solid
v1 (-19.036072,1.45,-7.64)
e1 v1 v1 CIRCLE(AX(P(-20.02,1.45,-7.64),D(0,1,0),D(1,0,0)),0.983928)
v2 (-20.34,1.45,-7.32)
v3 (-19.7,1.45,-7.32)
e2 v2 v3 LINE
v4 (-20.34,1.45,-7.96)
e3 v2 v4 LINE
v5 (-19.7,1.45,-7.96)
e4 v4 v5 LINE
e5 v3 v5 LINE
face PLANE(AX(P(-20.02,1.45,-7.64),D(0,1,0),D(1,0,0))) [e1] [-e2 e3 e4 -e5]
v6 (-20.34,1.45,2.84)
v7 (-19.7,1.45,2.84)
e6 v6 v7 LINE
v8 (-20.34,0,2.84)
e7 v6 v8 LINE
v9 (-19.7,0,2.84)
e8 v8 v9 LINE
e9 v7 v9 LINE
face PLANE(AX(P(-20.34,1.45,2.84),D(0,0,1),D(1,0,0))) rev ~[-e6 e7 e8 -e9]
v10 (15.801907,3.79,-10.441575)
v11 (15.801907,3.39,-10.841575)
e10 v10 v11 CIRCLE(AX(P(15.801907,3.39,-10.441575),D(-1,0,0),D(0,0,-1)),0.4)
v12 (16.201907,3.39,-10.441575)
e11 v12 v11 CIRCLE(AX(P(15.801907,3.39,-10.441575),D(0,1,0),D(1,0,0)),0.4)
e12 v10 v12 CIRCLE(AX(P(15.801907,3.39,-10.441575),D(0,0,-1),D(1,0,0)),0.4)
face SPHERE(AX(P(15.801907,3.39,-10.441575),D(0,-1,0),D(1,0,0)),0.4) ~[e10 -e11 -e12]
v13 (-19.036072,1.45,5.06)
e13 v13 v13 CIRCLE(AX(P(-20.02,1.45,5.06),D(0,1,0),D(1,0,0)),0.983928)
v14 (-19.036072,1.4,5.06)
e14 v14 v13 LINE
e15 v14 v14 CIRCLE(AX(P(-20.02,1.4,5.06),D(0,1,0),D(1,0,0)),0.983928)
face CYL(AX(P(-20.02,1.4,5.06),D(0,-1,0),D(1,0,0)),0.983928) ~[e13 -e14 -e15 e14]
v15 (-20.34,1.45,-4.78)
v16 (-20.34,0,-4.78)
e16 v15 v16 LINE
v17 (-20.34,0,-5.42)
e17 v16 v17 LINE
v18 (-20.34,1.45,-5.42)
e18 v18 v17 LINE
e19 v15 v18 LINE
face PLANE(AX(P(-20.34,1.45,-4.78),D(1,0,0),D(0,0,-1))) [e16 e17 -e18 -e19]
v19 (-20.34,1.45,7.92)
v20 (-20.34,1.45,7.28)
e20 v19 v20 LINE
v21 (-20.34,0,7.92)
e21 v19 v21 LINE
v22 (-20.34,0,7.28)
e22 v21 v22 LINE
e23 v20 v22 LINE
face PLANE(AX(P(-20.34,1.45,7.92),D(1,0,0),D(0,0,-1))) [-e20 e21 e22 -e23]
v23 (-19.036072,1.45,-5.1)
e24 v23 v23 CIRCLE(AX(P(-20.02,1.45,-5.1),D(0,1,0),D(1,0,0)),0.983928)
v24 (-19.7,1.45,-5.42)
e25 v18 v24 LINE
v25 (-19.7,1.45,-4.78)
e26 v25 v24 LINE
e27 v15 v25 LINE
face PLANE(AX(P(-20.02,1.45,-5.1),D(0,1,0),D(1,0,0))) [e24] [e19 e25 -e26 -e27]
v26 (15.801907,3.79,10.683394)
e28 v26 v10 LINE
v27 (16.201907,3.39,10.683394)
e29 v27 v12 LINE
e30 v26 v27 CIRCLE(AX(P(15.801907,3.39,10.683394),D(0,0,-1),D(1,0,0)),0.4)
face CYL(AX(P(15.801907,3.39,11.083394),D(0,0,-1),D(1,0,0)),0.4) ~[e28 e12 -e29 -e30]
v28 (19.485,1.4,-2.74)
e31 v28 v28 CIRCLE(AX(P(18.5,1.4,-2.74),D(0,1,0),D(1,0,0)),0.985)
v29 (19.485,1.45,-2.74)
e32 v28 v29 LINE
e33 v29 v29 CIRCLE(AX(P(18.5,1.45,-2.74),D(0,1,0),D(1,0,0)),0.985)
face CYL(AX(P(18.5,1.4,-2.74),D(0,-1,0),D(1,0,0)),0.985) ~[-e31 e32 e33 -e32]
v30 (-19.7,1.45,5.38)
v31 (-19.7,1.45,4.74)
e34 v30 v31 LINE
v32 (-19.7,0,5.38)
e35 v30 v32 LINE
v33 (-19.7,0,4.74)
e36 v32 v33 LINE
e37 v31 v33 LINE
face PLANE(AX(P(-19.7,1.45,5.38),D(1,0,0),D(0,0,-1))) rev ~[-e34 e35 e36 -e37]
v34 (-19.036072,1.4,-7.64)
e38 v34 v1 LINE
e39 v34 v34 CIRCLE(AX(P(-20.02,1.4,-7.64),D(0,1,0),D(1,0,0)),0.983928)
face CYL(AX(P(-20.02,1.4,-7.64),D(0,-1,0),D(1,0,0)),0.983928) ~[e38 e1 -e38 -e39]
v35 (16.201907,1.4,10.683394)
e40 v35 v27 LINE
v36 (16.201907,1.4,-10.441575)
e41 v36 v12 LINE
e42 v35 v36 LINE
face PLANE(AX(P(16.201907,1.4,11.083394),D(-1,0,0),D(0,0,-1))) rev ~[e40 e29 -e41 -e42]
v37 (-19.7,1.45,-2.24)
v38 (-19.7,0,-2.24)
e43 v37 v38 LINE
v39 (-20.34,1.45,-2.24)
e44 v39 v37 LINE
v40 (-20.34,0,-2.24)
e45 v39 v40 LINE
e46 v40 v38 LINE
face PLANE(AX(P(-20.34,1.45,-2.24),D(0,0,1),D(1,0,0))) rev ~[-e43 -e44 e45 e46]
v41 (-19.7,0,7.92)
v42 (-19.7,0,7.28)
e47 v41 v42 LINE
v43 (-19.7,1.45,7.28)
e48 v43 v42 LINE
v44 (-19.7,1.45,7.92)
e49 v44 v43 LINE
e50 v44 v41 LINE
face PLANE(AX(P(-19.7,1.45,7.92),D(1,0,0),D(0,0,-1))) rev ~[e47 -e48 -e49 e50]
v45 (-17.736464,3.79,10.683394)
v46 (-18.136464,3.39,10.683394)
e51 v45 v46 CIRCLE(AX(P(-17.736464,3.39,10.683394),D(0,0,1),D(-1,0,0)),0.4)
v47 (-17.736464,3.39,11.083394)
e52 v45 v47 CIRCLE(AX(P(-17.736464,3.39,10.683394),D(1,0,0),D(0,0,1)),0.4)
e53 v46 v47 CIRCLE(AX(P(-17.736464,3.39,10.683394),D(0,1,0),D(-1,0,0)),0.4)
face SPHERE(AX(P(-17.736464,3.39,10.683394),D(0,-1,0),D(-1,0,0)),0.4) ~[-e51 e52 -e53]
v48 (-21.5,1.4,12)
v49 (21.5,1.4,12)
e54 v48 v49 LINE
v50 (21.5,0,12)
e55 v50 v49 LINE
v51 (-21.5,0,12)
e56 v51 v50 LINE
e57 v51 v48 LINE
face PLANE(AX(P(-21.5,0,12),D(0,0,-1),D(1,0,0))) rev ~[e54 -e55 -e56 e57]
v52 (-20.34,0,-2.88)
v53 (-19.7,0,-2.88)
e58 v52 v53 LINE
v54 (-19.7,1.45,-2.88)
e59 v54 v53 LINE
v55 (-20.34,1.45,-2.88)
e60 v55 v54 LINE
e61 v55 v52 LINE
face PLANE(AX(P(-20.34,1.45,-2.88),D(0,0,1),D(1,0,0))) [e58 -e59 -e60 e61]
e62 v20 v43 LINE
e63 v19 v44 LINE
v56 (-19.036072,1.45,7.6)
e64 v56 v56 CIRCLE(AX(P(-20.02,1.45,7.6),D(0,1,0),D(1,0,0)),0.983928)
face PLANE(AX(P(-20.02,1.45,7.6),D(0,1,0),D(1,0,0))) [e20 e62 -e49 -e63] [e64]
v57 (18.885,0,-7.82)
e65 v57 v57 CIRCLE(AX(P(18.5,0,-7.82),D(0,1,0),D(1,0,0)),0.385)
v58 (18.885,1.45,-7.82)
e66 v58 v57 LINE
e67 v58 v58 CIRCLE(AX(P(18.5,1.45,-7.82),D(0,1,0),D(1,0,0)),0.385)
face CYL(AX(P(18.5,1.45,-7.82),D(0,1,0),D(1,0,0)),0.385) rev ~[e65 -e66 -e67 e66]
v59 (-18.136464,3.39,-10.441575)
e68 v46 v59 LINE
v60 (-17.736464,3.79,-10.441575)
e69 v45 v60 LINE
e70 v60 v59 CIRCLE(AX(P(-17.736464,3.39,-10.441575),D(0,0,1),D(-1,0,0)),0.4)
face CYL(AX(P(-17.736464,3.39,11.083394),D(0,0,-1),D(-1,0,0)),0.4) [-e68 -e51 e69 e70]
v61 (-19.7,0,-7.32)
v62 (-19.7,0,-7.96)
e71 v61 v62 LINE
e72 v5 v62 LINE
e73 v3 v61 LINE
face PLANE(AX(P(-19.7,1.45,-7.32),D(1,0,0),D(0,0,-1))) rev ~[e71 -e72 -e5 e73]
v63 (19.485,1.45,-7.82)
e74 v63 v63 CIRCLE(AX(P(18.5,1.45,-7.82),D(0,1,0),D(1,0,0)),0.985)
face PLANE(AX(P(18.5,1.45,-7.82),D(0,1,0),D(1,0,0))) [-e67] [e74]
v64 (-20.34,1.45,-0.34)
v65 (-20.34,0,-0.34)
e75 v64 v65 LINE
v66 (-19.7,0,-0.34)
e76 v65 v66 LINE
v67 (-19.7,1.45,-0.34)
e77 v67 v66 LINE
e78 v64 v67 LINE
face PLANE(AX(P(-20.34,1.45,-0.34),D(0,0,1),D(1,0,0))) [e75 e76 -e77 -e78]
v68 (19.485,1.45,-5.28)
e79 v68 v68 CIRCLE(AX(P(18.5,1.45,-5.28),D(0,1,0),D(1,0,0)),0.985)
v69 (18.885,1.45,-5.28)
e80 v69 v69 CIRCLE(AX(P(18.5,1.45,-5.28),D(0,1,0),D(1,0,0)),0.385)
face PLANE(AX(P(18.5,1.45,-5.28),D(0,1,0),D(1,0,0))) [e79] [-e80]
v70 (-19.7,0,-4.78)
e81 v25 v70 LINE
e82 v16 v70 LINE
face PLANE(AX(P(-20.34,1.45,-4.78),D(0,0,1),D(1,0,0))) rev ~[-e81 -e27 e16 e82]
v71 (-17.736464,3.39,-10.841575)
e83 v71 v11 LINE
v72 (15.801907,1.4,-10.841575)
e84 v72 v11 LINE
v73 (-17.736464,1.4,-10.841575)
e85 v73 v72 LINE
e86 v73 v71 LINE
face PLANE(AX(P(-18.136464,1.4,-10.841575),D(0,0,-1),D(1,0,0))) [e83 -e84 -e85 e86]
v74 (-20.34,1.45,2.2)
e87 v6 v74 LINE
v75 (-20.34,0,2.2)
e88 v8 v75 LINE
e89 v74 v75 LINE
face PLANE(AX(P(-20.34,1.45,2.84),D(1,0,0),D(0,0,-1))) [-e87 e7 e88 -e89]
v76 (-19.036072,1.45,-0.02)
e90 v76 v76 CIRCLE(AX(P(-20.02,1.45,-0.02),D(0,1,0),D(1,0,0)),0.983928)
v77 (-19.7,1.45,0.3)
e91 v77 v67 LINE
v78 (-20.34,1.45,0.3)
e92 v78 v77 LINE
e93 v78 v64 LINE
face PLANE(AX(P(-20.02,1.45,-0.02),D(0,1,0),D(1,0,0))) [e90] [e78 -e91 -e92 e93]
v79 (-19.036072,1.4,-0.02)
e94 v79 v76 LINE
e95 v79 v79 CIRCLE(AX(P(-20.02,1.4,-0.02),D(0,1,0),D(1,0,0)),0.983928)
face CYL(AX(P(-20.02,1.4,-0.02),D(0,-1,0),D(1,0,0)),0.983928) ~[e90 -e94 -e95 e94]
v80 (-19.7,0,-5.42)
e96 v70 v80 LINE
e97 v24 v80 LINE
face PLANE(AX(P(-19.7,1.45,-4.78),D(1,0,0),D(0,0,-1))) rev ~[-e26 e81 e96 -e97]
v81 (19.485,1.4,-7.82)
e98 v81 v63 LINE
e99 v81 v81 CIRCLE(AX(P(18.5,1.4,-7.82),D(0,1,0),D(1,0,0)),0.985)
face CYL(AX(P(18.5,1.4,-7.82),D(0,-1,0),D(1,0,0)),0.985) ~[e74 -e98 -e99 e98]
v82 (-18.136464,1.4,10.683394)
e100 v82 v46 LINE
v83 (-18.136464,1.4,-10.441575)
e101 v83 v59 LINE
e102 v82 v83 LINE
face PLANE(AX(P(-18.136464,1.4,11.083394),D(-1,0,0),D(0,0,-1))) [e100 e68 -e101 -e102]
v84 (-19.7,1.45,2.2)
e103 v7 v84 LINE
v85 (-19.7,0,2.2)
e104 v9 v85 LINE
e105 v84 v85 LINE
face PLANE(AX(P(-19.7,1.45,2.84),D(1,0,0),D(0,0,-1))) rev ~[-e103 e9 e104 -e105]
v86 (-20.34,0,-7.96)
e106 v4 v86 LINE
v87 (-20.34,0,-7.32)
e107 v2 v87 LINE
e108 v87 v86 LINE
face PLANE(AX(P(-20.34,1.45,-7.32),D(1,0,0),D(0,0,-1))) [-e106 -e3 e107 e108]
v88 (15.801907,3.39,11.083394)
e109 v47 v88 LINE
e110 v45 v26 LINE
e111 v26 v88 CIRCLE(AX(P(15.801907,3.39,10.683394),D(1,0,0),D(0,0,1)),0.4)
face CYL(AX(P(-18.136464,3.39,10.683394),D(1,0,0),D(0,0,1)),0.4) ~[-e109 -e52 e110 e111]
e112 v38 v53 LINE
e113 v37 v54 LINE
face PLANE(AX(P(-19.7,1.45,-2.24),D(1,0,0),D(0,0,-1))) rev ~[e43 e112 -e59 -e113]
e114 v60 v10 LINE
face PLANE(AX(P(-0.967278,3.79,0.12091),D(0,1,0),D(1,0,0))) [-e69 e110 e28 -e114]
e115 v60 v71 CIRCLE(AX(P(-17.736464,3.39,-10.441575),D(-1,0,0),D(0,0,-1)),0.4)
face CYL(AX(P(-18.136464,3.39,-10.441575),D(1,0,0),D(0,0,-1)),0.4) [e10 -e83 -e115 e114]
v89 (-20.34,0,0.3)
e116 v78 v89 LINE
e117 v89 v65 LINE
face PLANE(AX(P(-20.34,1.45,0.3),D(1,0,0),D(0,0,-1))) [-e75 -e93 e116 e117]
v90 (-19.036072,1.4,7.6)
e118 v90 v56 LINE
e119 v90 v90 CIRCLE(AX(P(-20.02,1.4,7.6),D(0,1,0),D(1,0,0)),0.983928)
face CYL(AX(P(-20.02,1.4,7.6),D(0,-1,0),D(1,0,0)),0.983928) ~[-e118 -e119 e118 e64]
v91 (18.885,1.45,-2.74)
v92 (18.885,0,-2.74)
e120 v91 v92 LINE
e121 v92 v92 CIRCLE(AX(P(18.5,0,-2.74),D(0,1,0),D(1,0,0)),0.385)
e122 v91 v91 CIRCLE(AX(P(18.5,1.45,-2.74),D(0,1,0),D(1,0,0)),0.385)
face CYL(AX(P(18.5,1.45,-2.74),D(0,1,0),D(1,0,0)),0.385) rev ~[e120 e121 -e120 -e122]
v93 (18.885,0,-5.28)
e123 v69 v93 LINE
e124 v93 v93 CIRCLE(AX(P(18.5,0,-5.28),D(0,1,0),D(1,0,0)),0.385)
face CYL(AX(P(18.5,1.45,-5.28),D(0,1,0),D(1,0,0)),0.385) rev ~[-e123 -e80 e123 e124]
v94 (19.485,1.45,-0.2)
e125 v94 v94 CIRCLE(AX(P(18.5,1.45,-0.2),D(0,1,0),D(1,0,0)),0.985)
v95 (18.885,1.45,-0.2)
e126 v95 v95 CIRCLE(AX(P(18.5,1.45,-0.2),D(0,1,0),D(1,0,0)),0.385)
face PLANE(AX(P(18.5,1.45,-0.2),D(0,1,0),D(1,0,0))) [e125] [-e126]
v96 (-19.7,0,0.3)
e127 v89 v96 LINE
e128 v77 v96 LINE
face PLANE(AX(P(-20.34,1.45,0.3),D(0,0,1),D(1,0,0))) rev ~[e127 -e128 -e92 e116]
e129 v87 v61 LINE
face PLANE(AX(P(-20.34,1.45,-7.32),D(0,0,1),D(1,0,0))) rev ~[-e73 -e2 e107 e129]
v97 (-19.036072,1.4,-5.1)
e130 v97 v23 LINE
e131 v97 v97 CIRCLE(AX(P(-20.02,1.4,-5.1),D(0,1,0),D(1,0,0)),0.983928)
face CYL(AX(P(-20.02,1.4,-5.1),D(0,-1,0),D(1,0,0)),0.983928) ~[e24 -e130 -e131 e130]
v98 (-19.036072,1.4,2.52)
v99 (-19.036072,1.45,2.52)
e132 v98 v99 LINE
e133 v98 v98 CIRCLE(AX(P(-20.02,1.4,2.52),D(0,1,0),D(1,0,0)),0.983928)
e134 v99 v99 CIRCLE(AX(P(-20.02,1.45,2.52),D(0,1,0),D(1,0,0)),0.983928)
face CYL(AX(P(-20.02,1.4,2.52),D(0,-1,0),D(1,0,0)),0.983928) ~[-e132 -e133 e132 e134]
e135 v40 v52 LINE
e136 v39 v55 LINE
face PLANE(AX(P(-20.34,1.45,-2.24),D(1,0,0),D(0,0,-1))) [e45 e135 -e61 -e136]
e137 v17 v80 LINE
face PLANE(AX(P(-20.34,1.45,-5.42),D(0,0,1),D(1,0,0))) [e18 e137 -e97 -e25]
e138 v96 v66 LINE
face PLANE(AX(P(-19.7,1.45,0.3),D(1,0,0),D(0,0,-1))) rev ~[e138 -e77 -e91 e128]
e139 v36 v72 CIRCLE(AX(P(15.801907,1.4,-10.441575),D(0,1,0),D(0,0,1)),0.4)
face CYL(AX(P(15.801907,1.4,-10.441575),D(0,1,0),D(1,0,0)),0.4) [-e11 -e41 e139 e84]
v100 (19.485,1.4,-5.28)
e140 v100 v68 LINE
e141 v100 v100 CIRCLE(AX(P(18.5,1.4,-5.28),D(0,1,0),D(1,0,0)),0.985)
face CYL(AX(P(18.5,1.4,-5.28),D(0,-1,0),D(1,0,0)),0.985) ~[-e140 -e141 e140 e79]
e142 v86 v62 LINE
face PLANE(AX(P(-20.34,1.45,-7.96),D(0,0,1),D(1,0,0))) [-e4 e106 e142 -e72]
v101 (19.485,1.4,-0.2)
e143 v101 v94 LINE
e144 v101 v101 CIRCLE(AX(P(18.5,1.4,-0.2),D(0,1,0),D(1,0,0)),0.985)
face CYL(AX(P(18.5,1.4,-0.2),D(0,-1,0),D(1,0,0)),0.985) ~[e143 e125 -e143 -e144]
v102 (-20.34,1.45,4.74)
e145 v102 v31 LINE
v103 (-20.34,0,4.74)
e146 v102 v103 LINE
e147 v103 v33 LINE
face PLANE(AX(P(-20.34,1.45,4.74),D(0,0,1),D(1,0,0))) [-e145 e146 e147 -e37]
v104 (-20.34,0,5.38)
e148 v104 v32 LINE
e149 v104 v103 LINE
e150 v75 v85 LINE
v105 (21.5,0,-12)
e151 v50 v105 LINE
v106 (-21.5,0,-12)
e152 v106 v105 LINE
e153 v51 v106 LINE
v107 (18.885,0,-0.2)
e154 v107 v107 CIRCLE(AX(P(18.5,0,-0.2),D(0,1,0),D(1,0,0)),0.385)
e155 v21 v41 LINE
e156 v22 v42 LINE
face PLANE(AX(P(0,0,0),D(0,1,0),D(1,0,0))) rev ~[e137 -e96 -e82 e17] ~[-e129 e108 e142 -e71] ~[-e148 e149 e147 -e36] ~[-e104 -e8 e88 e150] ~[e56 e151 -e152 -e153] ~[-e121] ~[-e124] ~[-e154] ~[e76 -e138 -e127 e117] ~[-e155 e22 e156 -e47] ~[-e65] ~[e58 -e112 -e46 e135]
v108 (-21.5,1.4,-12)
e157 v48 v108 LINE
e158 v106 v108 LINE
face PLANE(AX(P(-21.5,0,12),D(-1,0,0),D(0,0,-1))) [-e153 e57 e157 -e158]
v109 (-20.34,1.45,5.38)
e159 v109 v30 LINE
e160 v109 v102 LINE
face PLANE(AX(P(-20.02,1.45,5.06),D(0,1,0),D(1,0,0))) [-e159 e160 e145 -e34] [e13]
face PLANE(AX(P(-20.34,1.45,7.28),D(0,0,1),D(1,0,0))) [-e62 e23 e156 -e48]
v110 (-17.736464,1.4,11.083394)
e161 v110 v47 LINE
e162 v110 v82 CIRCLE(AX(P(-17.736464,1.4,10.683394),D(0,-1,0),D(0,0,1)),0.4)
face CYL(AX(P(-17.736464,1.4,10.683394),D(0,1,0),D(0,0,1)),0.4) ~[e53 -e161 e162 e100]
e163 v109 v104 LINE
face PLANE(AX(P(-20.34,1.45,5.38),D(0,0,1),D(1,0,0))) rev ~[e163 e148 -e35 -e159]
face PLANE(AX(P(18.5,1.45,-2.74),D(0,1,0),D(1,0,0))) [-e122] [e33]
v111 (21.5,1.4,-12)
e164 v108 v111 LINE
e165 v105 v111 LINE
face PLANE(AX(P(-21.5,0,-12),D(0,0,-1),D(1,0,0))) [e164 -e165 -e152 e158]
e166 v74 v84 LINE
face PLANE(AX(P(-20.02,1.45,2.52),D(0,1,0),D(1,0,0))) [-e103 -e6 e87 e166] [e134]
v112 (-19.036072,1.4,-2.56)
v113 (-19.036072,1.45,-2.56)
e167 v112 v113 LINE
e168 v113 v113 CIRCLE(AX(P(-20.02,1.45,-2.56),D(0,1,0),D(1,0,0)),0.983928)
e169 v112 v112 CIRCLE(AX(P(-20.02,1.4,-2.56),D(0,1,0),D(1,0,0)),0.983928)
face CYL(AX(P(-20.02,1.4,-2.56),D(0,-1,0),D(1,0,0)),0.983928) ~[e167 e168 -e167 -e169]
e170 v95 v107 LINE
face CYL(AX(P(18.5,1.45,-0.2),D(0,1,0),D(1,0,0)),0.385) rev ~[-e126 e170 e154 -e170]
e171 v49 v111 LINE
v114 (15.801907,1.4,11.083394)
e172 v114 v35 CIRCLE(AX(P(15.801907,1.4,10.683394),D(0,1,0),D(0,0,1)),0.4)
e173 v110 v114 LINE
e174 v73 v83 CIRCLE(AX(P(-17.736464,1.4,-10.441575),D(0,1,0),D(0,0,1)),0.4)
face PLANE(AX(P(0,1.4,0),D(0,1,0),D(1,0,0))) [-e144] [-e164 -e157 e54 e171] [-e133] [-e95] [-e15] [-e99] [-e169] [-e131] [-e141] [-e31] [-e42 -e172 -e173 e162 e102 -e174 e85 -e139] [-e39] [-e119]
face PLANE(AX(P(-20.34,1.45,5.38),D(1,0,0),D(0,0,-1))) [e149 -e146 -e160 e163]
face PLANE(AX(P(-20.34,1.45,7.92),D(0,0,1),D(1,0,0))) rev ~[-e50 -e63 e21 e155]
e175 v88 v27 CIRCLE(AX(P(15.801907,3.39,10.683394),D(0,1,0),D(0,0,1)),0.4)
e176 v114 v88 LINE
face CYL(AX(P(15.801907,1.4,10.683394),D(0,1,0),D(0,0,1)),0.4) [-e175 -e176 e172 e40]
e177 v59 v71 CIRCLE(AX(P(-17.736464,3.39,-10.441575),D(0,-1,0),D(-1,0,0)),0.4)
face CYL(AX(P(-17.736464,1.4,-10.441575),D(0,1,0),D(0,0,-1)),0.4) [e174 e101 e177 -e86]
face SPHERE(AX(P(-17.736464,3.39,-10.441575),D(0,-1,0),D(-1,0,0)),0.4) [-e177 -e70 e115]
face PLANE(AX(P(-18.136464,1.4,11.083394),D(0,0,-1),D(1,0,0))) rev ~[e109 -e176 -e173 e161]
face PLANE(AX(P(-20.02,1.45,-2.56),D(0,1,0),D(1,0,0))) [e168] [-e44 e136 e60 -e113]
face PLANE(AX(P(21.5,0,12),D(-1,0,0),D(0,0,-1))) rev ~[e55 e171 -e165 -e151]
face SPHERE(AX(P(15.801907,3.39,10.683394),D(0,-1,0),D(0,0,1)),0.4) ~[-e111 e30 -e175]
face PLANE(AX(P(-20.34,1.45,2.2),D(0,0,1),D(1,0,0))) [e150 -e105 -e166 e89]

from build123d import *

# Parameters (mm, degrees)
CROQUIS1_W              = 43
CROQUIS1_H              = 24
SALIENTE_EXTRUIR1_DEPTH = 1.4
CROQUIS2_R              = 0.983927781
CROQUIS2_R_2            = 0.985
SALIENTE_EXTRUIR2_DEPTH = 0.05
CROQUIS3_W              = 0.64
CROQUIS3_H              = 0.64
CORTAR_EXTRUIR1_DEPTH   = 1.81
CROQUIS4_R              = 0.385
CORTAR_EXTRUIR2_DEPTH   = 1.81
CROQUIS5_W              = 34.338370929
CROQUIS5_H              = 21.924969232
SALIENTE_EXTRUIR3_DEPTH = 2.39
REDONDEO1_R             = 0.4


with BuildPart() as part:
    # Croquis1 → Saliente-Extruir1 (new body)
    with BuildSketch(Plane(origin=(0, 0, 0), x_dir=(1, 0, 0), z_dir=(0, 1, 0))):
        Rectangle(CROQUIS1_W, CROQUIS1_H)
    extrude(amount=SALIENTE_EXTRUIR1_DEPTH)

    # Croquis2 → Saliente-Extruir2 (add)
    with BuildSketch(Plane(origin=(0, 1.4, 0), x_dir=(1, 0, 0), z_dir=(0, 1, 0))):
        with Locations((-20.02, 7.64)):
            Circle(CROQUIS2_R)
        with Locations((-20.02, 5.1)):
            Circle(CROQUIS2_R)
        with Locations((-20.02, 2.56)):
            Circle(CROQUIS2_R)
        with Locations((-20.02, 0.02)):
            Circle(CROQUIS2_R)
        with Locations((-20.02, -2.52)):
            Circle(CROQUIS2_R)
        with Locations((-20.02, -5.06)):
            Circle(CROQUIS2_R)
        with Locations((-20.02, -7.6)):
            Circle(CROQUIS2_R)
        with Locations((18.5, 7.82)):
            Circle(CROQUIS2_R_2)
        with Locations((18.5, 5.28)):
            Circle(CROQUIS2_R_2)
        with Locations((18.5, 2.74)):
            Circle(CROQUIS2_R_2)
        with Locations((18.5, 0.2)):
            Circle(CROQUIS2_R_2)
    extrude(amount=SALIENTE_EXTRUIR2_DEPTH)

    # Croquis3 → Cortar-Extruir1 (cut)
    with BuildSketch(Plane(origin=(0, 1.45, 0), x_dir=(1, 0, 0), z_dir=(0, 1, 0))):
        with Locations((-20.02, 5.1)):
            Rectangle(CROQUIS3_W, CROQUIS3_H)
        with Locations((-20.02, 7.64)):
            Rectangle(CROQUIS3_W, CROQUIS3_H)
        with Locations((-20.02, 2.56)):
            Rectangle(CROQUIS3_W, CROQUIS3_H)
        with Locations((-20.02, 0.02)):
            Rectangle(CROQUIS3_W, CROQUIS3_H)
        with Locations((-20.02, -2.52)):
            Rectangle(CROQUIS3_W, CROQUIS3_H)
        with Locations((-20.02, -5.06)):
            Rectangle(CROQUIS3_W, CROQUIS3_H)
        with Locations((-20.02, -7.6)):
            Rectangle(CROQUIS3_W, CROQUIS3_H)
    extrude(amount=-CORTAR_EXTRUIR1_DEPTH, mode=Mode.SUBTRACT)

    # Croquis4 → Cortar-Extruir2 (cut)
    with BuildSketch(Plane(origin=(0, 1.45, 0), x_dir=(1, 0, 0), z_dir=(0, 1, 0))):
        with Locations((18.5, 5.28)):
            Circle(CROQUIS4_R)
        with Locations((18.5, 7.82)):
            Circle(CROQUIS4_R)
        with Locations((18.5, 2.74)):
            Circle(CROQUIS4_R)
        with Locations((18.5, 0.2)):
            Circle(CROQUIS4_R)
    extrude(amount=-CORTAR_EXTRUIR2_DEPTH, mode=Mode.SUBTRACT)

    # Croquis5 → Saliente-Extruir3 (add)
    with BuildSketch(Plane(origin=(0, 1.4, 0), x_dir=(1, 0, 0), z_dir=(0, 1, 0))):
        with Locations((-0.967278054, -0.120909757)):
            Rectangle(CROQUIS5_W, CROQUIS5_H)
    extrude(amount=SALIENTE_EXTRUIR3_DEPTH)

    # Redondeo1
    redondeo1_edges = [part.edges().sort_by_distance(p)[0] for p in [
        (-18.136463519, 2.595, -10.841574859),
        (-18.136463519, 2.595, 11.083394373),
        (16.20190741, 2.595, 11.083394373),
        (16.20190741, 2.595, -10.841574859),
        (-18.136463519, 3.79, 0.120909757),
        (-0.967278054, 3.79, 11.083394373),
        (16.20190741, 3.79, 0.120909757),
        (-0.967278054, 3.79, -10.841574859),
    ]]
    fillet(redondeo1_edges, radius=REDONDEO1_R)


solid = part.part
